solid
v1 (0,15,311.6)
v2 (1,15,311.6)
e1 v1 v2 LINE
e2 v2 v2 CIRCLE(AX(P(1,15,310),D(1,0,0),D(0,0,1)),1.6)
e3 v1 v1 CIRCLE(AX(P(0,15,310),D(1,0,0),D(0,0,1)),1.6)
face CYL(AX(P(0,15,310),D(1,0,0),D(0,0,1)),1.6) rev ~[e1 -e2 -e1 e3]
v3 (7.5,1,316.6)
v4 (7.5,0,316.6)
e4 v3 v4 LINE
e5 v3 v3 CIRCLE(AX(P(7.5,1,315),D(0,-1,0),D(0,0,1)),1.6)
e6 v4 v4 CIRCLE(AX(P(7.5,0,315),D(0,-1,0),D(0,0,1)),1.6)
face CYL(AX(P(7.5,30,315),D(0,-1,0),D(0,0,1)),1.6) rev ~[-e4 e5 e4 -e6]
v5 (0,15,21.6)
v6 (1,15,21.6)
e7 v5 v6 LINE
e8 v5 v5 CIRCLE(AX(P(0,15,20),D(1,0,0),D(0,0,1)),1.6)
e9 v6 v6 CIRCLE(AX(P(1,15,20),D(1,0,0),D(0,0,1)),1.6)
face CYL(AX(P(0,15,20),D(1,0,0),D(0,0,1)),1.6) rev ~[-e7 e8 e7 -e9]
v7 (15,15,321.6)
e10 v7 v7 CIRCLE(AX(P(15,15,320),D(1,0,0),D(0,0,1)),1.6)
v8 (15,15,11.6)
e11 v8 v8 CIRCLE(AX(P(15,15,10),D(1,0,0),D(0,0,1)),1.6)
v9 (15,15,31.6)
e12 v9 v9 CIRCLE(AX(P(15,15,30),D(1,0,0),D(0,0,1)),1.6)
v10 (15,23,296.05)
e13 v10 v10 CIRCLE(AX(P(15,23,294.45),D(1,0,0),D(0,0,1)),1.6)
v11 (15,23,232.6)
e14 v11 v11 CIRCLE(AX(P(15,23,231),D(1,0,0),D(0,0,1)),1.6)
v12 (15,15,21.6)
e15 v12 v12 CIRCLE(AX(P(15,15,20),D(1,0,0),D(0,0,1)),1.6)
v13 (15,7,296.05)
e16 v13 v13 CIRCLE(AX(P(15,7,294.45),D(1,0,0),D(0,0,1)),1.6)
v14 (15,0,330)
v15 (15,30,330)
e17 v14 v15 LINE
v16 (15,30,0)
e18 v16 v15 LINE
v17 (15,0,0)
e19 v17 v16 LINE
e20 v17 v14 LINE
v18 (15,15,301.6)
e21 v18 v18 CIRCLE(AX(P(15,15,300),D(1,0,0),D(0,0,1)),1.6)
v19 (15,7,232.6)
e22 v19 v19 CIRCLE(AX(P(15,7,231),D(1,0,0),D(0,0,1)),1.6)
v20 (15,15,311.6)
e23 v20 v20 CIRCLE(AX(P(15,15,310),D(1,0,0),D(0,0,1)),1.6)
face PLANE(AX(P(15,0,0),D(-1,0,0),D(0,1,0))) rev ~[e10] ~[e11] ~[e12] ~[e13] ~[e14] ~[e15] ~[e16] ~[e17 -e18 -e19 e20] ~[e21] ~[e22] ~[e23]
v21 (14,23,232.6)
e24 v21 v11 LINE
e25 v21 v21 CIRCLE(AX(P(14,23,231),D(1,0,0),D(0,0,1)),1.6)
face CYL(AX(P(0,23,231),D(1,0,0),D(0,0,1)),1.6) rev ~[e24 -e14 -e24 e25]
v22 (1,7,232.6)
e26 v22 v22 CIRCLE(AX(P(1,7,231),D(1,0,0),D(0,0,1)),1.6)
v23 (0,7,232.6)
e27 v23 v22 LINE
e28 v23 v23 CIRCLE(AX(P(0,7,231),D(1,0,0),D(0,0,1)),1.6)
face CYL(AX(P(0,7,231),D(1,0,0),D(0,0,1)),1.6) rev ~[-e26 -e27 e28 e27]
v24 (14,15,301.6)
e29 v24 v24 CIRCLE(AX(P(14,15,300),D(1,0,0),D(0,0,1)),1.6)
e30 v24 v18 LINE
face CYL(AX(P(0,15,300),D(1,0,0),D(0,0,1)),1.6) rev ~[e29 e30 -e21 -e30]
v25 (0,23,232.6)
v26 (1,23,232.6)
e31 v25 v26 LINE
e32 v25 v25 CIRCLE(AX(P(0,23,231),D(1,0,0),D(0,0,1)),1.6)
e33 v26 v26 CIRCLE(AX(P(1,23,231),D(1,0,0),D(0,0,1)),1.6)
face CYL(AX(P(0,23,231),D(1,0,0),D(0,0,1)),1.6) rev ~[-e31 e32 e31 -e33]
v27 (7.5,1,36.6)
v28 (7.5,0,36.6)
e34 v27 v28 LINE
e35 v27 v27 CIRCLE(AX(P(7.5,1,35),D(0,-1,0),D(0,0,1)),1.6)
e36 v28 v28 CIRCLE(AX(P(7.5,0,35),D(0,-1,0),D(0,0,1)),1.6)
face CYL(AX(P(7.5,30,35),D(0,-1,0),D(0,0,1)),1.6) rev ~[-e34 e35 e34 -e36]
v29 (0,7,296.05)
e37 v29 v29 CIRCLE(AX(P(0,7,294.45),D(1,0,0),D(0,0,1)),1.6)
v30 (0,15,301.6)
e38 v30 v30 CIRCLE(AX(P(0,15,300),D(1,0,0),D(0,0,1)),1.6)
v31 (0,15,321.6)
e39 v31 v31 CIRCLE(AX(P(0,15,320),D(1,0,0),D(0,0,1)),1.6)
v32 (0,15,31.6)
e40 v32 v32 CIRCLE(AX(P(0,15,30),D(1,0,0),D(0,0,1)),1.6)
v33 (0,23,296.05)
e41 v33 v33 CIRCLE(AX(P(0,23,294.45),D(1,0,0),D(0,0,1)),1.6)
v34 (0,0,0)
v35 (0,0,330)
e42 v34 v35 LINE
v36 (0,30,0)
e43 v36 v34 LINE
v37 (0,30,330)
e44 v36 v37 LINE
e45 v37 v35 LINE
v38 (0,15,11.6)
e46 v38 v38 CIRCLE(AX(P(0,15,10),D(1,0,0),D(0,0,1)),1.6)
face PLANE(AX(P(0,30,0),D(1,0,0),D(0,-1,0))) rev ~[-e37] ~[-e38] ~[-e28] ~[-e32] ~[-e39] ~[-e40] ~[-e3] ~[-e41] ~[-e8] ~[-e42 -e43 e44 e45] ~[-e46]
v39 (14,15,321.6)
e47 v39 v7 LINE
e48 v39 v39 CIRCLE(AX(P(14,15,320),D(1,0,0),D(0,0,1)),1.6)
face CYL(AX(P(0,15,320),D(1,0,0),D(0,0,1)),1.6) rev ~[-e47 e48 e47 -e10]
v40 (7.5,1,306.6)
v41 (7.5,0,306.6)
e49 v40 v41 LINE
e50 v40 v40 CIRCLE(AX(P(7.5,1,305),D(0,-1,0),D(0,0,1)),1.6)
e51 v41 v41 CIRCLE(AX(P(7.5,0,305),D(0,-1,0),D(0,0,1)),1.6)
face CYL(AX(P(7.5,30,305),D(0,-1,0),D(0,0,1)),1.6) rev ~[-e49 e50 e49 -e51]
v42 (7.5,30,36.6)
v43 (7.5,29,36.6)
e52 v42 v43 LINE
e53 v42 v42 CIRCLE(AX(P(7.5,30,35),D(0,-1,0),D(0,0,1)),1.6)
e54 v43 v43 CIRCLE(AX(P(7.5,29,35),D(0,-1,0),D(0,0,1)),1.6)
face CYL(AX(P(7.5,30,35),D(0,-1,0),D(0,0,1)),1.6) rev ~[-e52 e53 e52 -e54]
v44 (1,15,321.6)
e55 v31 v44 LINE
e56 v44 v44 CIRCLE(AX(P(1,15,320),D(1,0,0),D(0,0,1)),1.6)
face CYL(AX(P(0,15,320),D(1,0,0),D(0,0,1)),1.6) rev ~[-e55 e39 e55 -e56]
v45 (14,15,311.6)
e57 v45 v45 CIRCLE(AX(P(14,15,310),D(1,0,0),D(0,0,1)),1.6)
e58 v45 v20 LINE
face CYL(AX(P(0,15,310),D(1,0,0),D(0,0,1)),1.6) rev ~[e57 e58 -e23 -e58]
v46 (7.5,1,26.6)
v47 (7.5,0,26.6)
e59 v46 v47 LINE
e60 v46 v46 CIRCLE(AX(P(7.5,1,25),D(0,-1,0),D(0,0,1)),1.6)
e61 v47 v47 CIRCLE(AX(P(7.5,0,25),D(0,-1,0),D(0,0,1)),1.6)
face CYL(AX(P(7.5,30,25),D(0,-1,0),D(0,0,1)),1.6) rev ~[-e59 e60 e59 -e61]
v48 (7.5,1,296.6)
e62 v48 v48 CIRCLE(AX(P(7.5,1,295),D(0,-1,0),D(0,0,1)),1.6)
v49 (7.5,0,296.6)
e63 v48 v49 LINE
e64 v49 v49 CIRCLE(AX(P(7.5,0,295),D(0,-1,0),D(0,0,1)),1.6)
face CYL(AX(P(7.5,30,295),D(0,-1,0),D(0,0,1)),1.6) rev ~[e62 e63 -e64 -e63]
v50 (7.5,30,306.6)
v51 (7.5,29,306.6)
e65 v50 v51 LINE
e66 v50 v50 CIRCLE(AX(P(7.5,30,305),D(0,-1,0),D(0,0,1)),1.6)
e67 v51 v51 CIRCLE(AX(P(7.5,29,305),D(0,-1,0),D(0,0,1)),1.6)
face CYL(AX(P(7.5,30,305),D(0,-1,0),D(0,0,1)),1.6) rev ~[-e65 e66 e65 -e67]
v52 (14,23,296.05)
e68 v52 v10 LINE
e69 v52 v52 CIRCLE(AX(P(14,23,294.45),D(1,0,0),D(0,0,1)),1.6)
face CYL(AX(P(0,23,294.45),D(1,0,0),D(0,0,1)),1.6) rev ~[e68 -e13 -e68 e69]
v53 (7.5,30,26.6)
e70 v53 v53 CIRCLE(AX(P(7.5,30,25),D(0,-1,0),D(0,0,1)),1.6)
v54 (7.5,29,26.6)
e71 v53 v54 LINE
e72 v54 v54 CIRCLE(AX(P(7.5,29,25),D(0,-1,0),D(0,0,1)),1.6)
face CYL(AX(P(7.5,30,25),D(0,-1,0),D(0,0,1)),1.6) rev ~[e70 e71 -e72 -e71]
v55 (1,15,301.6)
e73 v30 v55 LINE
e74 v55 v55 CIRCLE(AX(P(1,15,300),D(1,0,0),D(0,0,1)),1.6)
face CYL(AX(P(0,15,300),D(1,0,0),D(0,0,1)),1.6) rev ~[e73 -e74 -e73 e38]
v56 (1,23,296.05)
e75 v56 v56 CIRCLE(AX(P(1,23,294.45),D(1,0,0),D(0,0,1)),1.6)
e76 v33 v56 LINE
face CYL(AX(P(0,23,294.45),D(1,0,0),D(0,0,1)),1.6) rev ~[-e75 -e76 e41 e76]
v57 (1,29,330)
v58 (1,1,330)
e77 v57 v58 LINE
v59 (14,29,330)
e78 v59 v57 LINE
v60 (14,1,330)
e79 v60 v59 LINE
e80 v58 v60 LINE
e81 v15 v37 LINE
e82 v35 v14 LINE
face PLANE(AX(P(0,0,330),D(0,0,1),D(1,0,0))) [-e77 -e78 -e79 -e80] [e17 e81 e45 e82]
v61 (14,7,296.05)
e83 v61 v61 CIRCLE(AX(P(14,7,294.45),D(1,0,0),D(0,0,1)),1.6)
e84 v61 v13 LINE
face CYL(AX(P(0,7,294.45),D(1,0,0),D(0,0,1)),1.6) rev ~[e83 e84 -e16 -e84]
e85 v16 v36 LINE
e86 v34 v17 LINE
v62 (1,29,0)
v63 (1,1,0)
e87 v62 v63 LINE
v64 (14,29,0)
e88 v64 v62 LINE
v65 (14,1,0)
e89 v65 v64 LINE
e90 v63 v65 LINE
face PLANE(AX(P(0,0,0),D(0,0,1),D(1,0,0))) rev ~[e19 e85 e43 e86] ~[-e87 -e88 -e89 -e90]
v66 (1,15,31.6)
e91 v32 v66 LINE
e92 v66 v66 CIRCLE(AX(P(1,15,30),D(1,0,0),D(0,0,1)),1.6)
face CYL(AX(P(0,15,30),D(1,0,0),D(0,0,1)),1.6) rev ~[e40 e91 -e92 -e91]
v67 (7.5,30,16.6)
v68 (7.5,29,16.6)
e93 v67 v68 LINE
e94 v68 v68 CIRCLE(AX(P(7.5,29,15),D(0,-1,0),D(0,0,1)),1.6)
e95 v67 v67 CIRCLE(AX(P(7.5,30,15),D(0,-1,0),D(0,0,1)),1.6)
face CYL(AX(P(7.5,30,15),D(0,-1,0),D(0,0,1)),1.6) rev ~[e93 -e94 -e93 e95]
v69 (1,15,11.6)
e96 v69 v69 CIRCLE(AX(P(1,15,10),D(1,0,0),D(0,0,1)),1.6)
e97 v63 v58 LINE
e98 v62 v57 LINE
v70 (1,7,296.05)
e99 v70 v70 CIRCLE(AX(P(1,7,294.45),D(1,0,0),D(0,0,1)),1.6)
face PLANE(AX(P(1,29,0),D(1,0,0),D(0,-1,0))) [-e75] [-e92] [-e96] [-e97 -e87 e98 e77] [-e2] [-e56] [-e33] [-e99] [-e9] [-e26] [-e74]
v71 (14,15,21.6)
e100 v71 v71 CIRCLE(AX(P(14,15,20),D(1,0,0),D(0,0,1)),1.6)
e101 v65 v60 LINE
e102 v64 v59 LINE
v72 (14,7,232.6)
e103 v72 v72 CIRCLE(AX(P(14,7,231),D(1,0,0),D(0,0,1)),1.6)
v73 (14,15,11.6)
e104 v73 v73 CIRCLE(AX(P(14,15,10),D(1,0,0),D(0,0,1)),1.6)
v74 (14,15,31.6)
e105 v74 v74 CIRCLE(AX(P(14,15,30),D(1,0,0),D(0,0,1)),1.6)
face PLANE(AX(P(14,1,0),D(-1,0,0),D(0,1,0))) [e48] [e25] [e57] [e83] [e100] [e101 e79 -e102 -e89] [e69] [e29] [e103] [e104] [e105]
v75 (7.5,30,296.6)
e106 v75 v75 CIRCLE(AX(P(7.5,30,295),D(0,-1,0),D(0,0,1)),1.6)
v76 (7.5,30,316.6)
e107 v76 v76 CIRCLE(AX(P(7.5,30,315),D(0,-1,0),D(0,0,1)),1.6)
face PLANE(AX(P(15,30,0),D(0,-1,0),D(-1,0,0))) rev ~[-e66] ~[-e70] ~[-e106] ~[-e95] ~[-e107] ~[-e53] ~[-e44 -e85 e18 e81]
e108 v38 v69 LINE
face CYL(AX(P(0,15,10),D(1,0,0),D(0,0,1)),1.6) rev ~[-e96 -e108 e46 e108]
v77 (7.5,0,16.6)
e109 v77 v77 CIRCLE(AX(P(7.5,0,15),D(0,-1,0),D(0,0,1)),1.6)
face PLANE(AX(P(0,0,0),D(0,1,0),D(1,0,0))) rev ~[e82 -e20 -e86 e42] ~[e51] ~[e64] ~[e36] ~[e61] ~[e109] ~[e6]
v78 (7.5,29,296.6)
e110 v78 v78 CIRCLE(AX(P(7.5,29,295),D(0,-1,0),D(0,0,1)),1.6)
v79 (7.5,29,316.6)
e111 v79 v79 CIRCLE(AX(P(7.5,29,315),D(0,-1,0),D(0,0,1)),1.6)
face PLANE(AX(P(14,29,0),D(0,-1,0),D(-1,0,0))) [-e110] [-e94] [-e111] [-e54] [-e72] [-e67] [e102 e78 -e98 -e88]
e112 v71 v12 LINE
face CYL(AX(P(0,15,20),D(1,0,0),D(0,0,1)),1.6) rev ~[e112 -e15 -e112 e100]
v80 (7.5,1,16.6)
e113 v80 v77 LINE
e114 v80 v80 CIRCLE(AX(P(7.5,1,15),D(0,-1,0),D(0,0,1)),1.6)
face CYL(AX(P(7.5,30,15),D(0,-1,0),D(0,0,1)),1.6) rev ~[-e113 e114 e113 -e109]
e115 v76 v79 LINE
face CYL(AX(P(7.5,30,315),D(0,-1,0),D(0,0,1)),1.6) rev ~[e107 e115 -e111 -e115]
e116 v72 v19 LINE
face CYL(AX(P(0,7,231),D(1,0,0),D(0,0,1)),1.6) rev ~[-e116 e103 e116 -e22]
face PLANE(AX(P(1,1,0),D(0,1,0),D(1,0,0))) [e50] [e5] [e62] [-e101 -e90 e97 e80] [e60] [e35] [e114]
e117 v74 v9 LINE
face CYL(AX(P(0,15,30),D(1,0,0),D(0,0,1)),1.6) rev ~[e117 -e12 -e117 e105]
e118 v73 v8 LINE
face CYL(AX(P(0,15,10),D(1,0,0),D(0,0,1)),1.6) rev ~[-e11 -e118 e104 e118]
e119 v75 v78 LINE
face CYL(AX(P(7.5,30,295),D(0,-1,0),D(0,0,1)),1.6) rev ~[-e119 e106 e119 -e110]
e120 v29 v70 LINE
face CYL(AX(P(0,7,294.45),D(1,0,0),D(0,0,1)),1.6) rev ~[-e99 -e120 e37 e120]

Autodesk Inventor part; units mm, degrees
ref_plane "YZ Plane" through (0, 0, 0) normal (1, 0, 0) x (0, 1, 0)
ref_plane "XZ Plane" through (0, 0, 0) normal (0, 1, 0) x (-1, 0, 0)
ref_plane "XY Plane" through (0, 0, 0) normal (0, 0, 1) x (1, 0, 0)
sketch "スケッチ1" plane through (0, 0, 0) normal (0, 0, 1) x (1, 0, 0)
  line L0 (0, 0) -> (15, 0)
  line L1 (15, 0) -> (15, 30)
  line L2 (15, 30) -> (0, 30)
  line L3 (0, 30) -> (0, 0)
  line L4 (1, 1) -> (14, 1)
  line L5 (14, 1) -> (14, 29)
  line L6 (14, 29) -> (1, 29)
  line L7 (1, 29) -> (1, 1)
  dimension "d0" = 15
  dimension "d1" = 30
  dimension "d2" = 13
  dimension "d3" = 28
  dimension "d4" = 1
  dimension "d5" = 1
extrude "押し出し1" add sketch "スケッチ1" along normal blind 330
sketch "スケッチ2" plane through (0, 30, 0) normal (0, 1, 0) x (1, 0, 0)
  circle A0 centre (7.5, -15) radius 1.6
  line L0 (0, 0) -> (0, -330) projected
  line L1 (15, 0) -> (0, 0) projected
  circle A1 centre (7.5, -25) radius 1.6
  circle A2 centre (7.5, -35) radius 1.6
  circle A3 centre (7.5, -315) radius 1.6
  line L2 (15, -330) -> (0, -330) projected
  circle A4 centre (7.5, -305) radius 1.6
  circle A5 centre (7.5, -295) radius 1.6
  dimension "d8" = 3.2
  dimension "d9" = 7.5
  dimension "d10" = 15
  dimension "d11" = 3.2
  dimension "d12" = 10
  dimension "d13" = 3.2
  dimension "d14" = 10
  dimension "d15" = 3.2
  dimension "d16" = 15
  dimension "d17" = 7.5
  dimension "d18" = 3.2
  dimension "d19" = 10
  dimension "d20" = 3.2
  dimension "d21" = 10
hole "穴1" at (7.5, 30, 315) at (7.5, 30, 305) at (7.5, 30, 295) at (7.5, 30, 15) at (7.5, 30, 25) at (7.5, 30, 35) direction (0, -1, 0) diameter 3.2 depth 30
sketch "スケッチ3" plane through (0, 0, 0) normal (-1, 0, 0) x (0, 0, 1)
  circle A0 centre (10, 15) radius 1.6
  line L0 (0, 0) -> (330, 0) projected
  line L1 (0, 30) -> (0, 0) projected
  circle A1 centre (20, 15) radius 1.6
  circle A2 centre (30, 15) radius 1.6
  circle A3 centre (320, 15) radius 1.6
  line L2 (330, 30) -> (330, 0) projected
  circle A4 centre (310, 15) radius 1.6
  circle A5 centre (300, 15) radius 1.6
  dimension "d29" = 3.2
  dimension "d30" = 15
  dimension "d31" = 10
  dimension "d32" = 3.2
  dimension "d33" = 3.2
  dimension "d34" = 10
  dimension "d35" = 10
  dimension "d36" = 3.2
  dimension "d37" = 15
  dimension "d38" = 10
  dimension "d39" = 3.2
  dimension "d40" = 3.2
  dimension "d41" = 10
  dimension "d42" = 10
  dimension "d43" = 15
  dimension "d44" = 15
  dimension "d45" = 15
  dimension "d46" = 15
hole "穴2" at (0, 15, 10) at (0, 15, 20) at (0, 15, 30) at (0, 15, 300) at (0, 15, 310) at (0, 15, 320) direction (1, 0, 0) diameter 3.2 depth 15
sketch "スケッチ4" plane through (0, 0, 0) normal (-1, 0, 0) x (0, 0, 1)
  line L0 (165, 29.8281) -> (165, -0.1719) construction
  line L1 (0, 1) -> (330, 1) projected
  line L2 (165, 29.8281) -> (195, 29.8281) construction
  line L3 (0, 30) -> (0, 0) projected
  dimension "d54" = 30
  dimension "d55" = 90
  dimension "d56" = 165
sketch "スケッチ5" plane through (0, 0, 0) normal (-1, 0, 0) x (0, 0, 1)
  circle A0 centre (231, 23) radius 1.6
  circle A1 centre (231, 7) radius 1.6
  line L0 (0, 30) -> (330, 30) projected
  line L1 (0, 0) -> (330, 0) projected
  line L2 (0, 30) -> (0, 0) projected
  circle A2 centre (294.45, 23) radius 1.6
  circle A3 centre (294.45, 7) radius 1.6
  dimension "d57" = 3.2
  dimension "d58" = 3.2
  dimension "d59" = 16
  dimension "d60" = 7
  dimension "d61" = 7
  dimension "d62" = 231
  dimension "d63" = 3.2
  dimension "d64" = 63.45
  dimension "d65" = 3.2
  dimension "d66" = 16
hole "穴3" at (0, 23, 231) at (0, 7, 231) at (0, 23, 294.45) at (0, 7, 294.45) direction (1, 0, 0) diameter 3.2 depth 15
equation "\"BendRadius\" = Thickness"
equation "\"BendReliefWidth\" = Thickness"
equation "\"BendReliefDepth\" = 0.5 * Thickness"
equation "\"CornerReliefSize\" = 4 * Thickness"
equation "\"MinimumRemnant\" = 2 * Thickness"
equation "\"TransitionRadius\" = BendRadius"
equation "\"JacobiRadiusSize\" = BendRadius"
equation "\"GapSize\" = Thickness"
equation "\"Thickness\" = 0.5"
properties part number "nhk38"
